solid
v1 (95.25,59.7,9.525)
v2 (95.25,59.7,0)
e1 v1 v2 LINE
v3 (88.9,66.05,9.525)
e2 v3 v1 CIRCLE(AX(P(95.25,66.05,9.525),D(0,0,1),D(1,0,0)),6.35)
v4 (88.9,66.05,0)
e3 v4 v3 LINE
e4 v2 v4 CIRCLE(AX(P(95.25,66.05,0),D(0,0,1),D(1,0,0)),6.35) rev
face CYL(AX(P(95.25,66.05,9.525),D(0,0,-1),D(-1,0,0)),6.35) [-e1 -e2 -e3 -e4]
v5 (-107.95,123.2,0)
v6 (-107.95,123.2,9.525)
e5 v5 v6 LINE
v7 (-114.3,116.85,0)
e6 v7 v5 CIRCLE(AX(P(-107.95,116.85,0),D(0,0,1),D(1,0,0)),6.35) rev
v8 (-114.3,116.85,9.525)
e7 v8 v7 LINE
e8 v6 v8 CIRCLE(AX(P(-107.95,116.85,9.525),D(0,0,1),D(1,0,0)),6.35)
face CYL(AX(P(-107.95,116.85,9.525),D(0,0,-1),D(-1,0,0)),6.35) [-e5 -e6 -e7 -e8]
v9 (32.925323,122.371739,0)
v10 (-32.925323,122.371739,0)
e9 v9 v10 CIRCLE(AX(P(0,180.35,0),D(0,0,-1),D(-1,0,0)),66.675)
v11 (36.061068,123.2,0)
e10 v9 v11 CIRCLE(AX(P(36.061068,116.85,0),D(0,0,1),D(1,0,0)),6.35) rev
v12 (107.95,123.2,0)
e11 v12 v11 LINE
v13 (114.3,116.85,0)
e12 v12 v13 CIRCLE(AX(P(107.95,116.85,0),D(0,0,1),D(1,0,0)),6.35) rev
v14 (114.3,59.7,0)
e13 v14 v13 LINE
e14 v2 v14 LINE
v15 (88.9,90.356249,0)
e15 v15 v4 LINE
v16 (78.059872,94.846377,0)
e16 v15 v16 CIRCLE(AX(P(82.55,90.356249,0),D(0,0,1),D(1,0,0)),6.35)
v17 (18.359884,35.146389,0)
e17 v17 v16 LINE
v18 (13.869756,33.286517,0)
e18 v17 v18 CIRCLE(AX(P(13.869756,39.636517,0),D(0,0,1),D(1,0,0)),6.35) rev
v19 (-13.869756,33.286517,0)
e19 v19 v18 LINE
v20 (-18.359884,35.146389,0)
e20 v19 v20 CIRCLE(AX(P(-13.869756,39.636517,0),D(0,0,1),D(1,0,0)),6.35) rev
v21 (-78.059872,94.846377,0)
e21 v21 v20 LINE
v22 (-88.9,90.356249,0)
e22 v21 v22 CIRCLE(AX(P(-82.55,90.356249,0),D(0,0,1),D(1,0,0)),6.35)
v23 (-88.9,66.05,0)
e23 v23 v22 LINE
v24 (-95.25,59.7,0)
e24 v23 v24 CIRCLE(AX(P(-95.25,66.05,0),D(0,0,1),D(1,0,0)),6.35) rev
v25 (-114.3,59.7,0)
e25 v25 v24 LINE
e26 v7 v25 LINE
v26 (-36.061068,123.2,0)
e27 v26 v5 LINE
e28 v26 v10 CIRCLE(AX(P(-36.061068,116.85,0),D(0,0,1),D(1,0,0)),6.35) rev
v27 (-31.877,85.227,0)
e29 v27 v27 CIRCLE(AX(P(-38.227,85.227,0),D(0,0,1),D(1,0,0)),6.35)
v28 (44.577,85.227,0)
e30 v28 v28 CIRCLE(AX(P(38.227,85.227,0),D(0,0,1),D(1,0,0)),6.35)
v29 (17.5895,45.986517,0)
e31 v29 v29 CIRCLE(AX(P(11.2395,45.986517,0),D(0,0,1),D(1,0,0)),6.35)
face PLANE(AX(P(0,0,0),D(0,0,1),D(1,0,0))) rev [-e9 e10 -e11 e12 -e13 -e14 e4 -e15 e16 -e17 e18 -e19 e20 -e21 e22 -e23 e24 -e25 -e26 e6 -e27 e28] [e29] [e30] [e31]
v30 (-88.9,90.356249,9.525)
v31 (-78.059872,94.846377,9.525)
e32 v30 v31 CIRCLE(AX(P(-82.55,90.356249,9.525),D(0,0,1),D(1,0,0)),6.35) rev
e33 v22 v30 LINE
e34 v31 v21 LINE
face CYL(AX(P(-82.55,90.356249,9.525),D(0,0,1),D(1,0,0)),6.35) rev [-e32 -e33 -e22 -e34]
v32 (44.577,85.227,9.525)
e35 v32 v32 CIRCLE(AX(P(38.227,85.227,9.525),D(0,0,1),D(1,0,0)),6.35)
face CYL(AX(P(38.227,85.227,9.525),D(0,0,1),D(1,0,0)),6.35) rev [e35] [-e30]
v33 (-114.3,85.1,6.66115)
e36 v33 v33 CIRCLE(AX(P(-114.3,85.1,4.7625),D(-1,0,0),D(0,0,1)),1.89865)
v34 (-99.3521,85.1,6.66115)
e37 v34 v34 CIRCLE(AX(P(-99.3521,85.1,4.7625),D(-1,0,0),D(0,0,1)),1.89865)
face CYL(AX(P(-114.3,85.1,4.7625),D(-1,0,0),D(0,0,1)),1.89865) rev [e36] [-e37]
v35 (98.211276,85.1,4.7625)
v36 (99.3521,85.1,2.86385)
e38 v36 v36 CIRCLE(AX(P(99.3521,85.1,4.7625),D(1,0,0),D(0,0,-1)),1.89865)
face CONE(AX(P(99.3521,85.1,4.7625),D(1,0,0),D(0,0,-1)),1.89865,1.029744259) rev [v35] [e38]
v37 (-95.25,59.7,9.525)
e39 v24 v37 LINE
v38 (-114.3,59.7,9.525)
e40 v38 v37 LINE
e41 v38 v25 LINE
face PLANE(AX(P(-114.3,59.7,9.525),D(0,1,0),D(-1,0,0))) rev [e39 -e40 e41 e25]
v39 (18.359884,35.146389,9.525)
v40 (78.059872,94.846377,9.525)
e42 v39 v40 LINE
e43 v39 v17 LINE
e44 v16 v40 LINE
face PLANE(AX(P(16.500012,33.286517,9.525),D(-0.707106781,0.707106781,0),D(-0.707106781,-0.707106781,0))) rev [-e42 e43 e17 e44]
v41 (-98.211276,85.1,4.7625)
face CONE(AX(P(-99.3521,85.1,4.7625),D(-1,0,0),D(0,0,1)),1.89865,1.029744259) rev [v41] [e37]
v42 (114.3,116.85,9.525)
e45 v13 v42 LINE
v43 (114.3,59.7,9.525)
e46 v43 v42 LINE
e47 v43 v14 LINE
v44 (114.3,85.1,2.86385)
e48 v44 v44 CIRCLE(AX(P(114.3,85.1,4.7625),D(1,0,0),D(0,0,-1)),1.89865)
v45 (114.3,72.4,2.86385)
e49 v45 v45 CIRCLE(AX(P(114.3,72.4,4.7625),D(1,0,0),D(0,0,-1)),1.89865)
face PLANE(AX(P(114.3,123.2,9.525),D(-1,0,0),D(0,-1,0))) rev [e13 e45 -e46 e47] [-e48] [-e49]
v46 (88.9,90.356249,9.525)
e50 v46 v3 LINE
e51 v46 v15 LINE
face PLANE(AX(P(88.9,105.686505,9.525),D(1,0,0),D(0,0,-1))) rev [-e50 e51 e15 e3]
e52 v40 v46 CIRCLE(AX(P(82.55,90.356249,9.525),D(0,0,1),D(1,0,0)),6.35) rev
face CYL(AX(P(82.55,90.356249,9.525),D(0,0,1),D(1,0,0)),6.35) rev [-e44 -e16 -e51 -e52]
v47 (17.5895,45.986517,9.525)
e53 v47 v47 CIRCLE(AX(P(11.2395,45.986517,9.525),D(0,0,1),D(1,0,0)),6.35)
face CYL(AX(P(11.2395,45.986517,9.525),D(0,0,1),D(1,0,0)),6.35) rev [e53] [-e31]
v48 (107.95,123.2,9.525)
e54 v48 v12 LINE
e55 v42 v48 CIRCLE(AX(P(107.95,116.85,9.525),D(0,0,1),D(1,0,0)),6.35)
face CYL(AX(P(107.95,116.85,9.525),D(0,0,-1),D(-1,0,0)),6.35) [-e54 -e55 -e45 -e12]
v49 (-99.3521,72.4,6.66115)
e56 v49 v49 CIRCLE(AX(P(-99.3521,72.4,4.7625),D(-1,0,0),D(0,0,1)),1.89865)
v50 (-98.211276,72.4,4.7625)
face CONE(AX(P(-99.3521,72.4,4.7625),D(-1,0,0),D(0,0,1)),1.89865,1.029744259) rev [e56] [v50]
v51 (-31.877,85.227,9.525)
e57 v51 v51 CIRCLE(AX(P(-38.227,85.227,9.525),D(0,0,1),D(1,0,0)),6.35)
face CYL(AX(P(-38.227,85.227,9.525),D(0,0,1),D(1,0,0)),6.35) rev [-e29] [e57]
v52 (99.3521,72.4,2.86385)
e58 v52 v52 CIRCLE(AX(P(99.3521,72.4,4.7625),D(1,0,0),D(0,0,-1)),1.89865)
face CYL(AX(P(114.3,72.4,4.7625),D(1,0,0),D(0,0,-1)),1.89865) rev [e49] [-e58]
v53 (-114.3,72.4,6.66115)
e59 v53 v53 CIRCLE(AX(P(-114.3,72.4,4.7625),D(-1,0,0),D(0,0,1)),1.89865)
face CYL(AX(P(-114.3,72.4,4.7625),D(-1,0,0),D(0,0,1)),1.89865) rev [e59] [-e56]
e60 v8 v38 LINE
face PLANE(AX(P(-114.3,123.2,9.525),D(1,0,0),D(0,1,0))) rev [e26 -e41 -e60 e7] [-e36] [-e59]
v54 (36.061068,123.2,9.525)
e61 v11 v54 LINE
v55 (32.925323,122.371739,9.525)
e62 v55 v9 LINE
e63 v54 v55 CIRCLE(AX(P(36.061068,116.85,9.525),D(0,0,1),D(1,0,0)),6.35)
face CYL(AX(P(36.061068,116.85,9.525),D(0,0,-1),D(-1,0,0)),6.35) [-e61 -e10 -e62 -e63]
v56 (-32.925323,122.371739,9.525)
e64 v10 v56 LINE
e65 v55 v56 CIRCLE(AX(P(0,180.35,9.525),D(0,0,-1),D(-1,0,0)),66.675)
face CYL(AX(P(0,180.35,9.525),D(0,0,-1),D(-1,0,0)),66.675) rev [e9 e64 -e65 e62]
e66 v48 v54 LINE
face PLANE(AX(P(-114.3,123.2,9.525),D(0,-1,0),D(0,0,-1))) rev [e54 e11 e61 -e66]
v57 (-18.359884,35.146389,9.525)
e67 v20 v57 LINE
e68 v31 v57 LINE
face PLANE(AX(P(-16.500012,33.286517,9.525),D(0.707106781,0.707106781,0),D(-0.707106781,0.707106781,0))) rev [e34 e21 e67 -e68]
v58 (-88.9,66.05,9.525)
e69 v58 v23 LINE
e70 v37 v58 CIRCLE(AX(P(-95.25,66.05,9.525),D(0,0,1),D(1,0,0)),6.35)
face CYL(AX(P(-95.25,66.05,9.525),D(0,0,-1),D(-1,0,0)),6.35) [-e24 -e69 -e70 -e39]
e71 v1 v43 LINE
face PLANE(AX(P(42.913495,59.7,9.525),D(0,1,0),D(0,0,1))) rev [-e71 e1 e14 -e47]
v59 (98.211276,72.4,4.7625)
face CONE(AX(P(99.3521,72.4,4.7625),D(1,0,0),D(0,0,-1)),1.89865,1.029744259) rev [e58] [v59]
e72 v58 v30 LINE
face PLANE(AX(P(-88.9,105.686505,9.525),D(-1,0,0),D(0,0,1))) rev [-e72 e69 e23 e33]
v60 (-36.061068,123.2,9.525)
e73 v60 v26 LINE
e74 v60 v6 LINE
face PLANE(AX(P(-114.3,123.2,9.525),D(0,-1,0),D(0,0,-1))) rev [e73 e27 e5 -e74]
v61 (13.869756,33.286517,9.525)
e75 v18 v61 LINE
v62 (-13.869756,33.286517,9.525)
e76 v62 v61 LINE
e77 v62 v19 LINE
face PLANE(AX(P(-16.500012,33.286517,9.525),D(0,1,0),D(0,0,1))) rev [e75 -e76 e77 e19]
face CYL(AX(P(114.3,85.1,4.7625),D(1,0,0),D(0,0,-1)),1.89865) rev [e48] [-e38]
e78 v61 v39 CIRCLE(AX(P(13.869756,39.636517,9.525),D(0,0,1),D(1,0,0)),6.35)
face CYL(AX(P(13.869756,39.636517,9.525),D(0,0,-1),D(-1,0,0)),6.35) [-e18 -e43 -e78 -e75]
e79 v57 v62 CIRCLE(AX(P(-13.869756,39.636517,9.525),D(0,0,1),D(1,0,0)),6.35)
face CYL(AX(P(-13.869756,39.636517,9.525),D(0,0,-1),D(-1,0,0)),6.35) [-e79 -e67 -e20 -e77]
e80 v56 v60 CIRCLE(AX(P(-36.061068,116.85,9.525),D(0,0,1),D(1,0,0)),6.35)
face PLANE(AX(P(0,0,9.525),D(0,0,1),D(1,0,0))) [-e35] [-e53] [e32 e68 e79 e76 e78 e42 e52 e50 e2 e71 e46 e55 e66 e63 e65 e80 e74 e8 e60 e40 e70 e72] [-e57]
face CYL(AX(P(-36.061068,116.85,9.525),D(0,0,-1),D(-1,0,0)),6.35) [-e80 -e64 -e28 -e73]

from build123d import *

# Parameters (mm, degrees)
BOSS_EXTRUDE1_DEPTH             = 9.525
F_1_2_0_5_DIAMETER_HOLE1_D      = 12.7
SKETCH7_R                       = 66.675
CUT_EXTRUDE1_DEPTH              = 169.325445566
CUT_EXTRUDE2_DEPTH              = 169.325445566
FILLET1_R                       = 6.35
F_10_24_TAPPED_HOLE1_AT_2_COUNT = 2
F_10_24_TAPPED_HOLE1_AT_2_PITCH = 12.7


with BuildPart() as part:
    # Sketch2 → Boss-Extrude1 (new body)
    with BuildSketch(Plane.XY):
        Polygon((-16.500012242, 33.286517476), (16.500012242, 33.286517476), (42.913494767, 59.7), (114.3, 59.7), (114.3, 123.2), (-114.3, 123.2), (-114.3, 59.7), (-42.913494767, 59.7), align=None)
    extrude(amount=BOSS_EXTRUDE1_DEPTH)

    # 1/2 (0.5) Diameter Hole1 (through all)
    with Locations(Plane.XY.offset(9.525)):
        with Locations((-38.227, 85.227), (38.227, 85.227), (11.2395, 45.986517476)):
            Hole(F_1_2_0_5_DIAMETER_HOLE1_D / 2)

    # Sketch7 → Cut-Extrude1 (cut, through all)
    with BuildSketch(Plane(origin=(0, 0, 0), x_dir=(-1, 0, 0), z_dir=(0, 0, -1))):
        with Locations((0, 180.35)):
            Circle(SKETCH7_R)
    extrude(amount=-CUT_EXTRUDE1_DEPTH, mode=Mode.SUBTRACT)

    # Sketch13 → Cut-Extrude2 (cut, through all)
    with BuildSketch(Plane(origin=(0, 0, 0), x_dir=(-1, 0, 0), z_dir=(0, 0, -1))):
        Polygon((42.913494767, 59.7), (88.9, 105.686505233), (88.9, 59.7), align=None)
        Polygon((-42.913494767, 59.7), (-88.9, 105.686505233), (-88.9, 59.7), align=None)
    extrude(amount=-CUT_EXTRUDE2_DEPTH, mode=Mode.SUBTRACT)

    # Fillet1
    fillet1_edges = [part.edges().sort_by_distance(p)[0] for p in [
        (-114.3, 123.2, 4.7625),
        (114.3, 123.2, 4.7625),
        (16.500012242, 33.286517476, 4.7625),
        (-16.500012242, 33.286517476, 4.7625),
        (-34.342875899, 123.2, 4.7625),
        (34.342875899, 123.2, 4.7625),
        (-88.9, 59.7, 4.7625),
        (-88.9, 105.686505233, 4.7625),
        (88.9, 59.7, 4.7625),
        (88.9, 105.686505233, 4.7625),
    ]]
    fillet(fillet1_edges, radius=FILLET1_R)

    # Sketch12 → #10-24 Tapped Hole1 (revolve, cut)
    with BuildSketch(Plane(origin=(-114.3, 85.1, 4.7625), x_dir=(0, 0, 1), z_dir=(0, 1, 0))):
        Polygon((0, 0), (0, 16.088724014), (1.89865, 14.9479), (1.89865, 0), align=None)
    f_10_24_tapped_hole1 = revolve(axis=Axis((-120.65, 85.1, 4.7625), (1, 0, 0)), mode=Mode.SUBTRACT)

    # #10-24 Tapped Hole1 at 2: #10-24 Tapped Hole1 ×2
    with Locations(*[(0, -i * F_10_24_TAPPED_HOLE1_AT_2_PITCH, 0) for i in range(1, F_10_24_TAPPED_HOLE1_AT_2_COUNT)]):
        add(f_10_24_tapped_hole1, mode=Mode.SUBTRACT)

    # Mirror1: #10-24 Tapped Hole1 across plane
    add(f_10_24_tapped_hole1.mirror(Plane(origin=(0, 0, 0), x_dir=(0, 0, 1), z_dir=(1, 0, 0))), mode=Mode.SUBTRACT)

    # Mirror1 copy 1 sketch → Mirror1 copy 1 (revolve, cut)
    with BuildSketch(Plane(origin=(114.3, 72.4, 4.7625), x_dir=(0, 0, 1), z_dir=(0, 1, 0))):
        Polygon((0, 0), (0, -16.088724014), (1.89865, -14.9479), (1.89865, 0), align=None)
    revolve(axis=Axis((120.65, 72.4, 4.7625), (1, 0, 0)), mode=Mode.SUBTRACT)


solid = part.part
